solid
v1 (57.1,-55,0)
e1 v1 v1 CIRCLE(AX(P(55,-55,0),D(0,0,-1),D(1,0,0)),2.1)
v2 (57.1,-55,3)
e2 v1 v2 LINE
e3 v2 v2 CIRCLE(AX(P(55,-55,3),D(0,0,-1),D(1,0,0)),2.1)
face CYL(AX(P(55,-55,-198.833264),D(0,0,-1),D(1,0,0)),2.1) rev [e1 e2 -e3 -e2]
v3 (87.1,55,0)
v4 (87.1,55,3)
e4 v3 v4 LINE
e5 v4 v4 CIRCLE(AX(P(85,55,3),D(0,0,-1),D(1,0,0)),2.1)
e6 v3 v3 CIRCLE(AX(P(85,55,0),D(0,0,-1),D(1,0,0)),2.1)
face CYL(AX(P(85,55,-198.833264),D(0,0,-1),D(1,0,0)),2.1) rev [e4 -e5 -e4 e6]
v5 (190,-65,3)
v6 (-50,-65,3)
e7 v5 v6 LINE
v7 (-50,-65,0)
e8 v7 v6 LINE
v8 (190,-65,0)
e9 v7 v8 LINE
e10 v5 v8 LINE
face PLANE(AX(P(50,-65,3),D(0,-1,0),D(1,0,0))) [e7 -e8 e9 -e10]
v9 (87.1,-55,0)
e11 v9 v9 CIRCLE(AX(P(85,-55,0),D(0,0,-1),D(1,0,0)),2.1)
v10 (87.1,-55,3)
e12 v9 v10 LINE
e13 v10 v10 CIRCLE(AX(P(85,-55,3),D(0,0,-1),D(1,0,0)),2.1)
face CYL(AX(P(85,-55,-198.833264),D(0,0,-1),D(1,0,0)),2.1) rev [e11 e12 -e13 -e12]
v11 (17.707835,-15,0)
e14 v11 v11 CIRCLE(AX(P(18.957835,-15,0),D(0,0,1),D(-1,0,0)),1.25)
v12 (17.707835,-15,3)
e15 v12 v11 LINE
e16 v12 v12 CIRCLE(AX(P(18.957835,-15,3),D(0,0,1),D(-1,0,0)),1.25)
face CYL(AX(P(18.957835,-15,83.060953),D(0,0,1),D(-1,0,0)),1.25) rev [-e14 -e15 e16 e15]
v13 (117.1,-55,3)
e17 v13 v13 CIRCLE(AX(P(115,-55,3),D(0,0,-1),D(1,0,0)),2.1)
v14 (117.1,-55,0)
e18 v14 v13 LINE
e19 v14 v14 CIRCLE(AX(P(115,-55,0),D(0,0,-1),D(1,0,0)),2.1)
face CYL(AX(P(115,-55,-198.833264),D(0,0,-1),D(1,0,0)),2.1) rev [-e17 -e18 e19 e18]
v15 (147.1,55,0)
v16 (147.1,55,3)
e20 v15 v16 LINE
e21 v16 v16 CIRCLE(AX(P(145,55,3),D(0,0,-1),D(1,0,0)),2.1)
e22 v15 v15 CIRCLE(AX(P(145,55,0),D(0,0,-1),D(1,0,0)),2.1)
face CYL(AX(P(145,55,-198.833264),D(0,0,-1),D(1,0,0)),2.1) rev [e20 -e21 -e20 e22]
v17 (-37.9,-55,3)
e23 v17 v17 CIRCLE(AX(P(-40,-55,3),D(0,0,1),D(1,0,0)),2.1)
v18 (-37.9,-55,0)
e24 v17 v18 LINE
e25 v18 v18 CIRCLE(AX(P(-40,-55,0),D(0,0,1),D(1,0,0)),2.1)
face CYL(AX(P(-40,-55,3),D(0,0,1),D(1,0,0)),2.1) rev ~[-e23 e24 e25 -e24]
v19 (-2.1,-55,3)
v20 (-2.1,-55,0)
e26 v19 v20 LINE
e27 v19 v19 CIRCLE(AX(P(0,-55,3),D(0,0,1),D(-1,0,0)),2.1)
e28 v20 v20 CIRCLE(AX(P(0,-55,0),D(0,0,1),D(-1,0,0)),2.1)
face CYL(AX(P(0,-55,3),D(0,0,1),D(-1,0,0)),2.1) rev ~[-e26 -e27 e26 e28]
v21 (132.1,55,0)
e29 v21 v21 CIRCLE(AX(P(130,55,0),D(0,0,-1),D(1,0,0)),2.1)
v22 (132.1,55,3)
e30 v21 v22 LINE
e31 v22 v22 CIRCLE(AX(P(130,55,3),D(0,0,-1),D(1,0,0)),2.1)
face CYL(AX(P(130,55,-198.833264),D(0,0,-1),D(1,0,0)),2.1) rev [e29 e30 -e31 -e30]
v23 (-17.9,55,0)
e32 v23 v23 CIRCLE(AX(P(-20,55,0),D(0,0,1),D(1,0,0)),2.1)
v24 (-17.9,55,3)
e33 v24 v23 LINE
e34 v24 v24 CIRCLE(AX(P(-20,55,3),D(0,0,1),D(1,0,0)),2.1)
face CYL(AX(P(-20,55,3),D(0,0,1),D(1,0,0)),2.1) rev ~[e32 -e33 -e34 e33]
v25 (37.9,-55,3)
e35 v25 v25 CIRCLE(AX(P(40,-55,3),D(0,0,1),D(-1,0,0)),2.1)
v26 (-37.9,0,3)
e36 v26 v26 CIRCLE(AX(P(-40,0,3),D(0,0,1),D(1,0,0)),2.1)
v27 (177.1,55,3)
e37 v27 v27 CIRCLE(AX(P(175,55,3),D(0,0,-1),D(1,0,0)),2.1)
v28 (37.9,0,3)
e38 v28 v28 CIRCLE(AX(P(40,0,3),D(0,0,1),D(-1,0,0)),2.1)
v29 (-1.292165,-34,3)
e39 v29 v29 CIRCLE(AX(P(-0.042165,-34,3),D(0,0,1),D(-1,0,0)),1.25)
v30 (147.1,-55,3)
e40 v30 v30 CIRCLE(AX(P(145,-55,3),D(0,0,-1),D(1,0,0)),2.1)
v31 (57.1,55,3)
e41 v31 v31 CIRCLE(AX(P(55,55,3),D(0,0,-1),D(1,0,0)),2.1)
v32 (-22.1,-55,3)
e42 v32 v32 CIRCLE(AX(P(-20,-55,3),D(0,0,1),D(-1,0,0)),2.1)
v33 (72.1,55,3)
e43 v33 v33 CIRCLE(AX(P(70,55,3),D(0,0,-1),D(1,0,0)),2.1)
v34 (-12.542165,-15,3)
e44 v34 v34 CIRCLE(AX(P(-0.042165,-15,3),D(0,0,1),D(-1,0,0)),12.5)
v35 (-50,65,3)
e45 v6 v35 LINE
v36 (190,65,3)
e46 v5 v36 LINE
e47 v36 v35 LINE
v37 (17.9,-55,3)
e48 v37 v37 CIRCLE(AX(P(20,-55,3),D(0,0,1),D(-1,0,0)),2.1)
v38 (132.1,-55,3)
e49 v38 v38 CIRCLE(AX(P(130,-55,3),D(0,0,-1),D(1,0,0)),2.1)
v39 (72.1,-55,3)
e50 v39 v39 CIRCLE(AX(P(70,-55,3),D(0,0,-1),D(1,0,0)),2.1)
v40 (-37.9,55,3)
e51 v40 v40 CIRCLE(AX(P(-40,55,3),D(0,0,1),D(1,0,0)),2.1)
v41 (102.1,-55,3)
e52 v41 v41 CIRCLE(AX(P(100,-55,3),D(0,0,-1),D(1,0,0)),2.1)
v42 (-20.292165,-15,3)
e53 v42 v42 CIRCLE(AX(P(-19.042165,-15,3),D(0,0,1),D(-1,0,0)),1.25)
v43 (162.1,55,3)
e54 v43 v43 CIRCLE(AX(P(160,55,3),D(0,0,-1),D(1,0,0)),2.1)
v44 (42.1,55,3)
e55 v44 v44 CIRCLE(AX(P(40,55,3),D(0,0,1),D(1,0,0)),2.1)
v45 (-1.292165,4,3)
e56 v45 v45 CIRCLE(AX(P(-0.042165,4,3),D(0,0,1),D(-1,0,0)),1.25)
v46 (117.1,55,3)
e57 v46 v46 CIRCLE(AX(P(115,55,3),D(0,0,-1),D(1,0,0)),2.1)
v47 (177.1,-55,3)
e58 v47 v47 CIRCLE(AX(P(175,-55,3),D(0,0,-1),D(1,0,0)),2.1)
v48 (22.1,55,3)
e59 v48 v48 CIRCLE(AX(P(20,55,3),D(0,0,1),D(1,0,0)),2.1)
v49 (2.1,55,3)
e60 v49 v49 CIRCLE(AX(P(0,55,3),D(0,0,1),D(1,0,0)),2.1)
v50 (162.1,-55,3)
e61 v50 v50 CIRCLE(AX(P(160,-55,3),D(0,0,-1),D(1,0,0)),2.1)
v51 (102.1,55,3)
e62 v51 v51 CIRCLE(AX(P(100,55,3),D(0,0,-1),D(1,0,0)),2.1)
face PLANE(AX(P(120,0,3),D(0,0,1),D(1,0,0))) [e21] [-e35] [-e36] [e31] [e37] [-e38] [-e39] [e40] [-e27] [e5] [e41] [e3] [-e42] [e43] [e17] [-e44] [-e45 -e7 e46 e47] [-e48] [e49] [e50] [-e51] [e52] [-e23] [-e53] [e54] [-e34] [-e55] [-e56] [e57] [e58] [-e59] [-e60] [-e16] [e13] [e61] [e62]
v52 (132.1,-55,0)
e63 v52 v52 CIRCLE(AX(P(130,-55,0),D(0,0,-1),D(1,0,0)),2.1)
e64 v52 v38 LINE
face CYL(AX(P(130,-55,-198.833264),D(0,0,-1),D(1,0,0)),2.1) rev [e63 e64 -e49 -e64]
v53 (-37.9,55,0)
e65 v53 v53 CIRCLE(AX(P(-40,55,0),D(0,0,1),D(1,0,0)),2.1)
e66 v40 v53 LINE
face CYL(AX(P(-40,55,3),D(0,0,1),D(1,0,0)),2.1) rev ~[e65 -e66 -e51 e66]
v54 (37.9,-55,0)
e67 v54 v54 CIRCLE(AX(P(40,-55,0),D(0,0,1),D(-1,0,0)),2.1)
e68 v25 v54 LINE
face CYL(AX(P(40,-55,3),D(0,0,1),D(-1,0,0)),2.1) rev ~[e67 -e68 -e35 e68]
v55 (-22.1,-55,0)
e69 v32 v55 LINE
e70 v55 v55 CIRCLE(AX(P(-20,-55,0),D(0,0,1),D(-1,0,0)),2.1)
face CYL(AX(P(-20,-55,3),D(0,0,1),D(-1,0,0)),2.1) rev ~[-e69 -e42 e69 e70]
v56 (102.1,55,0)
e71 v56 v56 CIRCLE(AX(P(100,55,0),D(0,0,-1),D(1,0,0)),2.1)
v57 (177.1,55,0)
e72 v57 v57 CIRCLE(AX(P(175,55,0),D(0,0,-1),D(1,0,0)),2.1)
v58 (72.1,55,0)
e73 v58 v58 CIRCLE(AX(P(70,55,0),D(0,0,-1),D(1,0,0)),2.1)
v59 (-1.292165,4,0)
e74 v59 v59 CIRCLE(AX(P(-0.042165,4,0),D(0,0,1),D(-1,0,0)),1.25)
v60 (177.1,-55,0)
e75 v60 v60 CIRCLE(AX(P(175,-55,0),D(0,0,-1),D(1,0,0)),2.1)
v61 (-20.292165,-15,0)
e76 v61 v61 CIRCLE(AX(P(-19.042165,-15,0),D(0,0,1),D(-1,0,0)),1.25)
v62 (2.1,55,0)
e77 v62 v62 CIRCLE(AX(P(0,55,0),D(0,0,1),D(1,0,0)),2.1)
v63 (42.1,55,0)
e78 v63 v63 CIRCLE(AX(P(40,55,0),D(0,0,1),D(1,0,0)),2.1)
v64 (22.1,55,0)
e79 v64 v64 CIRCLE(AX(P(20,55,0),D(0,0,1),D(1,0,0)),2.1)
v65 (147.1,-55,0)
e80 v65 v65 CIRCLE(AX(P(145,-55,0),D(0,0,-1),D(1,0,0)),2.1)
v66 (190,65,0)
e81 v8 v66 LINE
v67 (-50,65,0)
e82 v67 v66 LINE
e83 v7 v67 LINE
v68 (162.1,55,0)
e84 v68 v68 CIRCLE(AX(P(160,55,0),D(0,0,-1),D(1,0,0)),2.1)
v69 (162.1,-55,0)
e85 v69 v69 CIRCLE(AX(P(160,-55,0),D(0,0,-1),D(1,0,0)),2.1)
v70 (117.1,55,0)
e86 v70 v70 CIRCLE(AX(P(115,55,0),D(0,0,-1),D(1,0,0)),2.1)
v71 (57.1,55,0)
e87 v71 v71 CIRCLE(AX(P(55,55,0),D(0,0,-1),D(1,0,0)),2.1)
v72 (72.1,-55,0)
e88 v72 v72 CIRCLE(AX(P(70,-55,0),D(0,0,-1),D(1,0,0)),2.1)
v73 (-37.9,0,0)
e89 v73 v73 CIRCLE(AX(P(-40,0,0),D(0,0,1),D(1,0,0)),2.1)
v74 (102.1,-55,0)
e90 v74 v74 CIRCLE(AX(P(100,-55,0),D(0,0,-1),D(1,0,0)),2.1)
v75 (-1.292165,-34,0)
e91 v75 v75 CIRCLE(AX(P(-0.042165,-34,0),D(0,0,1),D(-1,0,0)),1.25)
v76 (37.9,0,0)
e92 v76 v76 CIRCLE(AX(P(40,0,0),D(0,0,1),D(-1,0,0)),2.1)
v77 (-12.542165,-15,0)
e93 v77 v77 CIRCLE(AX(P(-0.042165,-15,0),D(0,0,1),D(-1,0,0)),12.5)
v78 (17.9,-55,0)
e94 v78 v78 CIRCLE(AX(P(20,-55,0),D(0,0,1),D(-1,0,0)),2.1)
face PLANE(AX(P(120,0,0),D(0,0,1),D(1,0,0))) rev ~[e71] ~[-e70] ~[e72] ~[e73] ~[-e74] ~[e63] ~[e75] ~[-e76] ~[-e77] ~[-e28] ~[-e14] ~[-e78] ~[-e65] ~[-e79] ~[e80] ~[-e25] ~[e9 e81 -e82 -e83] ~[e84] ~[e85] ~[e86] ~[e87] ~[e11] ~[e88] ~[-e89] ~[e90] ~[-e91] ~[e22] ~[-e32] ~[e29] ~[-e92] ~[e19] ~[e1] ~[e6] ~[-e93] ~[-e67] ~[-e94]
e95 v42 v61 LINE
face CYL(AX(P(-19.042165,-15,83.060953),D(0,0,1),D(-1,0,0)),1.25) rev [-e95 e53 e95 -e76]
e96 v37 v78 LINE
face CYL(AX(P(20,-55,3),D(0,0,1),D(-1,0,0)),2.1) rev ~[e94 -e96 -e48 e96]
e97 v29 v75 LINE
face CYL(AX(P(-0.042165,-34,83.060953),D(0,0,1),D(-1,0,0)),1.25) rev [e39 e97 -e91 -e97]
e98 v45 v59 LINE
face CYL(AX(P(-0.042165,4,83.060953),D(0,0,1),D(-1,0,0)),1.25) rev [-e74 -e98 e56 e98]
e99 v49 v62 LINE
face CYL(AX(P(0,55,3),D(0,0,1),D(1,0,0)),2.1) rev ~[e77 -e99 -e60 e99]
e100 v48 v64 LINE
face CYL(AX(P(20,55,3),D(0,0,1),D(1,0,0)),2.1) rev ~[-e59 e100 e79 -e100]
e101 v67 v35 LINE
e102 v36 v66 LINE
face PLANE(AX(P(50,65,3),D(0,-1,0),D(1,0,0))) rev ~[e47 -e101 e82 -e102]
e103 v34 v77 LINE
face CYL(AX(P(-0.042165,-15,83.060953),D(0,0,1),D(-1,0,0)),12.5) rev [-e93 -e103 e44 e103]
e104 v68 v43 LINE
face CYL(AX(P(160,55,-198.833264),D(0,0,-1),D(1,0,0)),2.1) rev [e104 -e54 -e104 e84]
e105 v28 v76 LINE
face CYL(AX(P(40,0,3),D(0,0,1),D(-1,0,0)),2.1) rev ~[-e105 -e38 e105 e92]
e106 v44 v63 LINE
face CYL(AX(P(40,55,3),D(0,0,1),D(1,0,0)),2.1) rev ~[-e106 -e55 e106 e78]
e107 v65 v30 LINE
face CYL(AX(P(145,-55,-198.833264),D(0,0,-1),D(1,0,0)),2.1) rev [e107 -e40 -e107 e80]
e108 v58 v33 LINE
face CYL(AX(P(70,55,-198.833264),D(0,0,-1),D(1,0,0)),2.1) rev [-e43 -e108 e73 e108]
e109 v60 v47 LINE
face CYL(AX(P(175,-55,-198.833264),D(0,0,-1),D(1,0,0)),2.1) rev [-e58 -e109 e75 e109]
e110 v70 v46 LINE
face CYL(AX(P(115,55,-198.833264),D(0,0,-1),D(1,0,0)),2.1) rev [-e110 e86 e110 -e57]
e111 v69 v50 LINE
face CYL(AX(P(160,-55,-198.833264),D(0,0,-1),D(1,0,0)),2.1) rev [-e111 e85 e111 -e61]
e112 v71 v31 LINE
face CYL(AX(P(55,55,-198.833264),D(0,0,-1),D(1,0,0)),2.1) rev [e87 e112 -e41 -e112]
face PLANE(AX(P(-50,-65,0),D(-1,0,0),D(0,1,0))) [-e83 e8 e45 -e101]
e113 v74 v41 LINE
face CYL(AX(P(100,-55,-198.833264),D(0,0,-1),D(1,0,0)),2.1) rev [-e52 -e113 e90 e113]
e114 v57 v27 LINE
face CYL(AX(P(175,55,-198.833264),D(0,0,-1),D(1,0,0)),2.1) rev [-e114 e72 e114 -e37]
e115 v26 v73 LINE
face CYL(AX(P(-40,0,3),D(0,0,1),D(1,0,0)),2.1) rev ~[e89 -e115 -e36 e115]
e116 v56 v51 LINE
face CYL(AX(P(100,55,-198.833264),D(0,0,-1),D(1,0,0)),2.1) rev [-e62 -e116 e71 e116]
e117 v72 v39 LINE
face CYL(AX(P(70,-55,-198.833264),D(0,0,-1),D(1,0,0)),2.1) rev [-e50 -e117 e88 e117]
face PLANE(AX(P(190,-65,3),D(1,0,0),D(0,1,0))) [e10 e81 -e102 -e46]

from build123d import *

# Parameters (mm, degrees)
SKETCH_1_W               = 100
SKETCH_1_H               = 130
EXTRUDE_1_DEPTH          = 3
SKETCH_2_R               = 2.1
CUT_EXTRUDE_1_DEPTH      = 83.060952956
CUT_EXTRUDE_2_DEPTH      = 83.060952956
CUT_EXTRUDE_2_DEPTH_BACK = 83.060952956
SKETCH_3_R               = 1.25
CUT_EXTRUDE_3_DEPTH      = 83.060952956
CUT_EXTRUDE_3_DEPTH_BACK = 83.060952956
SKETCH_4_R               = 12.5
SKETCH_5_W               = 140
SKETCH_5_H               = 130
EXTRUDE_2_DEPTH          = 3
CUT_EXTRUDE_4_DEPTH      = 201.833264177
CUT_EXTRUDE_4_DEPTH_BACK = 201.833264177
SKETCH_6_R               = 2.1


with BuildPart() as part:
    # 草图1 → 凸台-拉伸1 (new body)
    with BuildSketch(Plane.XY):
        Rectangle(SKETCH_1_W, SKETCH_1_H)
    extrude(amount=EXTRUDE_1_DEPTH)

    # 草图2 → 切除-拉伸1 (cut, through all)
    with BuildSketch(Plane.XY.offset(3)):
        with Locations((-40, 55)):
            Circle(SKETCH_2_R)
        with Locations((-20, 55)):
            Circle(SKETCH_2_R)
        with Locations((0, 55)):
            Circle(SKETCH_2_R)
        with Locations((20, 55)):
            Circle(SKETCH_2_R)
        with Locations((40, 55)):
            Circle(SKETCH_2_R)
        with Locations((-40, 0)):
            Circle(SKETCH_2_R)
        with Locations((-40, -55)):
            Circle(SKETCH_2_R)
        with Locations((-40, -110)):
            Circle(SKETCH_2_R)
        with Locations((-40, -165)):
            Circle(SKETCH_2_R)
        with Locations((-40, -220)):
            Circle(SKETCH_2_R)
        with Locations((-40, -275)):
            Circle(SKETCH_2_R)
        with Locations((-40, -330)):
            Circle(SKETCH_2_R)
        with Locations((-40, -385)):
            Circle(SKETCH_2_R)
        with Locations((40, -385)):
            Circle(SKETCH_2_R)
        with Locations((40, -330)):
            Circle(SKETCH_2_R)
        with Locations((40, -275)):
            Circle(SKETCH_2_R)
        with Locations((40, -220)):
            Circle(SKETCH_2_R)
        with Locations((40, -165)):
            Circle(SKETCH_2_R)
        with Locations((40, -110)):
            Circle(SKETCH_2_R)
        with Locations(Location((40, -55, 0), (0, 0, 180))):
            Circle(SKETCH_2_R)
        with Locations(Location((40, 0, 0), (0, 0, 180))):
            Circle(SKETCH_2_R)
        with Locations(Location((20, -55, 0), (0, 0, 180))):
            Circle(SKETCH_2_R)
        with Locations(Location((0, -55, 0), (0, 0, 180))):
            Circle(SKETCH_2_R)
        with Locations(Location((-20, -55, 0), (0, 0, 180))):
            Circle(SKETCH_2_R)
    extrude(amount=-CUT_EXTRUDE_1_DEPTH, mode=Mode.SUBTRACT)

    # 草图3 → 切除-拉伸2 (cut, two sides: drawn at the far end of the back side and taken through both)
    with BuildSketch(Plane(origin=(0, 0, 0), x_dir=(-1, 0, 0), z_dir=(0, 0, -1)).offset(-CUT_EXTRUDE_2_DEPTH_BACK)):
        with Locations((19.042165039, -15)):
            Circle(SKETCH_3_R)
        with Locations((0.042165039, -34)):
            Circle(SKETCH_3_R)
        with Locations((-18.957834961, -15)):
            Circle(SKETCH_3_R)
        with Locations((0.042165039, 4)):
            Circle(SKETCH_3_R)
    extrude(amount=CUT_EXTRUDE_2_DEPTH + CUT_EXTRUDE_2_DEPTH_BACK, mode=Mode.SUBTRACT)

    # 草图4 → 切除-拉伸3 (cut, two sides: drawn at the far end of the back side and taken through both)
    with BuildSketch(Plane(origin=(0, 0, 0), x_dir=(-1, 0, 0), z_dir=(0, 0, -1)).offset(-CUT_EXTRUDE_3_DEPTH_BACK)):
        with Locations((0.042165039, -15)):
            Circle(SKETCH_4_R)
    extrude(amount=CUT_EXTRUDE_3_DEPTH + CUT_EXTRUDE_3_DEPTH_BACK, mode=Mode.SUBTRACT)

    # 草图5 → 凸台-拉伸2 (add)
    with BuildSketch(Plane.XY.offset(3)):
        with Locations((120, 0)):
            Rectangle(SKETCH_5_W, SKETCH_5_H)
    extrude(amount=-EXTRUDE_2_DEPTH)

    # 草图6 → 切除-拉伸4 (cut, two sides: drawn at the far end of the back side and taken through both)
    with BuildSketch(Plane.XY.offset(3).offset(-CUT_EXTRUDE_4_DEPTH_BACK)):
        with Locations((55, 55)):
            Circle(SKETCH_6_R)
        with Locations((70, 55)):
            Circle(SKETCH_6_R)
        with Locations((85, 55)):
            Circle(SKETCH_6_R)
        with Locations((100, 55)):
            Circle(SKETCH_6_R)
        with Locations((115, 55)):
            Circle(SKETCH_6_R)
        with Locations((130, 55)):
            Circle(SKETCH_6_R)
        with Locations((145, 55)):
            Circle(SKETCH_6_R)
        with Locations((145, -55)):
            Circle(SKETCH_6_R)
        with Locations((130, -55)):
            Circle(SKETCH_6_R)
        with Locations((115, -55)):
            Circle(SKETCH_6_R)
        with Locations((100, -55)):
            Circle(SKETCH_6_R)
        with Locations((85, -55)):
            Circle(SKETCH_6_R)
        with Locations((70, -55)):
            Circle(SKETCH_6_R)
        with Locations((55, -55)):
            Circle(SKETCH_6_R)
        with Locations((160, -55)):
            Circle(SKETCH_6_R)
        with Locations((175, -55)):
            Circle(SKETCH_6_R)
        with Locations((160, 55)):
            Circle(SKETCH_6_R)
        with Locations((175, 55)):
            Circle(SKETCH_6_R)
    extrude(amount=CUT_EXTRUDE_4_DEPTH + CUT_EXTRUDE_4_DEPTH_BACK, mode=Mode.SUBTRACT)


solid = part.part
